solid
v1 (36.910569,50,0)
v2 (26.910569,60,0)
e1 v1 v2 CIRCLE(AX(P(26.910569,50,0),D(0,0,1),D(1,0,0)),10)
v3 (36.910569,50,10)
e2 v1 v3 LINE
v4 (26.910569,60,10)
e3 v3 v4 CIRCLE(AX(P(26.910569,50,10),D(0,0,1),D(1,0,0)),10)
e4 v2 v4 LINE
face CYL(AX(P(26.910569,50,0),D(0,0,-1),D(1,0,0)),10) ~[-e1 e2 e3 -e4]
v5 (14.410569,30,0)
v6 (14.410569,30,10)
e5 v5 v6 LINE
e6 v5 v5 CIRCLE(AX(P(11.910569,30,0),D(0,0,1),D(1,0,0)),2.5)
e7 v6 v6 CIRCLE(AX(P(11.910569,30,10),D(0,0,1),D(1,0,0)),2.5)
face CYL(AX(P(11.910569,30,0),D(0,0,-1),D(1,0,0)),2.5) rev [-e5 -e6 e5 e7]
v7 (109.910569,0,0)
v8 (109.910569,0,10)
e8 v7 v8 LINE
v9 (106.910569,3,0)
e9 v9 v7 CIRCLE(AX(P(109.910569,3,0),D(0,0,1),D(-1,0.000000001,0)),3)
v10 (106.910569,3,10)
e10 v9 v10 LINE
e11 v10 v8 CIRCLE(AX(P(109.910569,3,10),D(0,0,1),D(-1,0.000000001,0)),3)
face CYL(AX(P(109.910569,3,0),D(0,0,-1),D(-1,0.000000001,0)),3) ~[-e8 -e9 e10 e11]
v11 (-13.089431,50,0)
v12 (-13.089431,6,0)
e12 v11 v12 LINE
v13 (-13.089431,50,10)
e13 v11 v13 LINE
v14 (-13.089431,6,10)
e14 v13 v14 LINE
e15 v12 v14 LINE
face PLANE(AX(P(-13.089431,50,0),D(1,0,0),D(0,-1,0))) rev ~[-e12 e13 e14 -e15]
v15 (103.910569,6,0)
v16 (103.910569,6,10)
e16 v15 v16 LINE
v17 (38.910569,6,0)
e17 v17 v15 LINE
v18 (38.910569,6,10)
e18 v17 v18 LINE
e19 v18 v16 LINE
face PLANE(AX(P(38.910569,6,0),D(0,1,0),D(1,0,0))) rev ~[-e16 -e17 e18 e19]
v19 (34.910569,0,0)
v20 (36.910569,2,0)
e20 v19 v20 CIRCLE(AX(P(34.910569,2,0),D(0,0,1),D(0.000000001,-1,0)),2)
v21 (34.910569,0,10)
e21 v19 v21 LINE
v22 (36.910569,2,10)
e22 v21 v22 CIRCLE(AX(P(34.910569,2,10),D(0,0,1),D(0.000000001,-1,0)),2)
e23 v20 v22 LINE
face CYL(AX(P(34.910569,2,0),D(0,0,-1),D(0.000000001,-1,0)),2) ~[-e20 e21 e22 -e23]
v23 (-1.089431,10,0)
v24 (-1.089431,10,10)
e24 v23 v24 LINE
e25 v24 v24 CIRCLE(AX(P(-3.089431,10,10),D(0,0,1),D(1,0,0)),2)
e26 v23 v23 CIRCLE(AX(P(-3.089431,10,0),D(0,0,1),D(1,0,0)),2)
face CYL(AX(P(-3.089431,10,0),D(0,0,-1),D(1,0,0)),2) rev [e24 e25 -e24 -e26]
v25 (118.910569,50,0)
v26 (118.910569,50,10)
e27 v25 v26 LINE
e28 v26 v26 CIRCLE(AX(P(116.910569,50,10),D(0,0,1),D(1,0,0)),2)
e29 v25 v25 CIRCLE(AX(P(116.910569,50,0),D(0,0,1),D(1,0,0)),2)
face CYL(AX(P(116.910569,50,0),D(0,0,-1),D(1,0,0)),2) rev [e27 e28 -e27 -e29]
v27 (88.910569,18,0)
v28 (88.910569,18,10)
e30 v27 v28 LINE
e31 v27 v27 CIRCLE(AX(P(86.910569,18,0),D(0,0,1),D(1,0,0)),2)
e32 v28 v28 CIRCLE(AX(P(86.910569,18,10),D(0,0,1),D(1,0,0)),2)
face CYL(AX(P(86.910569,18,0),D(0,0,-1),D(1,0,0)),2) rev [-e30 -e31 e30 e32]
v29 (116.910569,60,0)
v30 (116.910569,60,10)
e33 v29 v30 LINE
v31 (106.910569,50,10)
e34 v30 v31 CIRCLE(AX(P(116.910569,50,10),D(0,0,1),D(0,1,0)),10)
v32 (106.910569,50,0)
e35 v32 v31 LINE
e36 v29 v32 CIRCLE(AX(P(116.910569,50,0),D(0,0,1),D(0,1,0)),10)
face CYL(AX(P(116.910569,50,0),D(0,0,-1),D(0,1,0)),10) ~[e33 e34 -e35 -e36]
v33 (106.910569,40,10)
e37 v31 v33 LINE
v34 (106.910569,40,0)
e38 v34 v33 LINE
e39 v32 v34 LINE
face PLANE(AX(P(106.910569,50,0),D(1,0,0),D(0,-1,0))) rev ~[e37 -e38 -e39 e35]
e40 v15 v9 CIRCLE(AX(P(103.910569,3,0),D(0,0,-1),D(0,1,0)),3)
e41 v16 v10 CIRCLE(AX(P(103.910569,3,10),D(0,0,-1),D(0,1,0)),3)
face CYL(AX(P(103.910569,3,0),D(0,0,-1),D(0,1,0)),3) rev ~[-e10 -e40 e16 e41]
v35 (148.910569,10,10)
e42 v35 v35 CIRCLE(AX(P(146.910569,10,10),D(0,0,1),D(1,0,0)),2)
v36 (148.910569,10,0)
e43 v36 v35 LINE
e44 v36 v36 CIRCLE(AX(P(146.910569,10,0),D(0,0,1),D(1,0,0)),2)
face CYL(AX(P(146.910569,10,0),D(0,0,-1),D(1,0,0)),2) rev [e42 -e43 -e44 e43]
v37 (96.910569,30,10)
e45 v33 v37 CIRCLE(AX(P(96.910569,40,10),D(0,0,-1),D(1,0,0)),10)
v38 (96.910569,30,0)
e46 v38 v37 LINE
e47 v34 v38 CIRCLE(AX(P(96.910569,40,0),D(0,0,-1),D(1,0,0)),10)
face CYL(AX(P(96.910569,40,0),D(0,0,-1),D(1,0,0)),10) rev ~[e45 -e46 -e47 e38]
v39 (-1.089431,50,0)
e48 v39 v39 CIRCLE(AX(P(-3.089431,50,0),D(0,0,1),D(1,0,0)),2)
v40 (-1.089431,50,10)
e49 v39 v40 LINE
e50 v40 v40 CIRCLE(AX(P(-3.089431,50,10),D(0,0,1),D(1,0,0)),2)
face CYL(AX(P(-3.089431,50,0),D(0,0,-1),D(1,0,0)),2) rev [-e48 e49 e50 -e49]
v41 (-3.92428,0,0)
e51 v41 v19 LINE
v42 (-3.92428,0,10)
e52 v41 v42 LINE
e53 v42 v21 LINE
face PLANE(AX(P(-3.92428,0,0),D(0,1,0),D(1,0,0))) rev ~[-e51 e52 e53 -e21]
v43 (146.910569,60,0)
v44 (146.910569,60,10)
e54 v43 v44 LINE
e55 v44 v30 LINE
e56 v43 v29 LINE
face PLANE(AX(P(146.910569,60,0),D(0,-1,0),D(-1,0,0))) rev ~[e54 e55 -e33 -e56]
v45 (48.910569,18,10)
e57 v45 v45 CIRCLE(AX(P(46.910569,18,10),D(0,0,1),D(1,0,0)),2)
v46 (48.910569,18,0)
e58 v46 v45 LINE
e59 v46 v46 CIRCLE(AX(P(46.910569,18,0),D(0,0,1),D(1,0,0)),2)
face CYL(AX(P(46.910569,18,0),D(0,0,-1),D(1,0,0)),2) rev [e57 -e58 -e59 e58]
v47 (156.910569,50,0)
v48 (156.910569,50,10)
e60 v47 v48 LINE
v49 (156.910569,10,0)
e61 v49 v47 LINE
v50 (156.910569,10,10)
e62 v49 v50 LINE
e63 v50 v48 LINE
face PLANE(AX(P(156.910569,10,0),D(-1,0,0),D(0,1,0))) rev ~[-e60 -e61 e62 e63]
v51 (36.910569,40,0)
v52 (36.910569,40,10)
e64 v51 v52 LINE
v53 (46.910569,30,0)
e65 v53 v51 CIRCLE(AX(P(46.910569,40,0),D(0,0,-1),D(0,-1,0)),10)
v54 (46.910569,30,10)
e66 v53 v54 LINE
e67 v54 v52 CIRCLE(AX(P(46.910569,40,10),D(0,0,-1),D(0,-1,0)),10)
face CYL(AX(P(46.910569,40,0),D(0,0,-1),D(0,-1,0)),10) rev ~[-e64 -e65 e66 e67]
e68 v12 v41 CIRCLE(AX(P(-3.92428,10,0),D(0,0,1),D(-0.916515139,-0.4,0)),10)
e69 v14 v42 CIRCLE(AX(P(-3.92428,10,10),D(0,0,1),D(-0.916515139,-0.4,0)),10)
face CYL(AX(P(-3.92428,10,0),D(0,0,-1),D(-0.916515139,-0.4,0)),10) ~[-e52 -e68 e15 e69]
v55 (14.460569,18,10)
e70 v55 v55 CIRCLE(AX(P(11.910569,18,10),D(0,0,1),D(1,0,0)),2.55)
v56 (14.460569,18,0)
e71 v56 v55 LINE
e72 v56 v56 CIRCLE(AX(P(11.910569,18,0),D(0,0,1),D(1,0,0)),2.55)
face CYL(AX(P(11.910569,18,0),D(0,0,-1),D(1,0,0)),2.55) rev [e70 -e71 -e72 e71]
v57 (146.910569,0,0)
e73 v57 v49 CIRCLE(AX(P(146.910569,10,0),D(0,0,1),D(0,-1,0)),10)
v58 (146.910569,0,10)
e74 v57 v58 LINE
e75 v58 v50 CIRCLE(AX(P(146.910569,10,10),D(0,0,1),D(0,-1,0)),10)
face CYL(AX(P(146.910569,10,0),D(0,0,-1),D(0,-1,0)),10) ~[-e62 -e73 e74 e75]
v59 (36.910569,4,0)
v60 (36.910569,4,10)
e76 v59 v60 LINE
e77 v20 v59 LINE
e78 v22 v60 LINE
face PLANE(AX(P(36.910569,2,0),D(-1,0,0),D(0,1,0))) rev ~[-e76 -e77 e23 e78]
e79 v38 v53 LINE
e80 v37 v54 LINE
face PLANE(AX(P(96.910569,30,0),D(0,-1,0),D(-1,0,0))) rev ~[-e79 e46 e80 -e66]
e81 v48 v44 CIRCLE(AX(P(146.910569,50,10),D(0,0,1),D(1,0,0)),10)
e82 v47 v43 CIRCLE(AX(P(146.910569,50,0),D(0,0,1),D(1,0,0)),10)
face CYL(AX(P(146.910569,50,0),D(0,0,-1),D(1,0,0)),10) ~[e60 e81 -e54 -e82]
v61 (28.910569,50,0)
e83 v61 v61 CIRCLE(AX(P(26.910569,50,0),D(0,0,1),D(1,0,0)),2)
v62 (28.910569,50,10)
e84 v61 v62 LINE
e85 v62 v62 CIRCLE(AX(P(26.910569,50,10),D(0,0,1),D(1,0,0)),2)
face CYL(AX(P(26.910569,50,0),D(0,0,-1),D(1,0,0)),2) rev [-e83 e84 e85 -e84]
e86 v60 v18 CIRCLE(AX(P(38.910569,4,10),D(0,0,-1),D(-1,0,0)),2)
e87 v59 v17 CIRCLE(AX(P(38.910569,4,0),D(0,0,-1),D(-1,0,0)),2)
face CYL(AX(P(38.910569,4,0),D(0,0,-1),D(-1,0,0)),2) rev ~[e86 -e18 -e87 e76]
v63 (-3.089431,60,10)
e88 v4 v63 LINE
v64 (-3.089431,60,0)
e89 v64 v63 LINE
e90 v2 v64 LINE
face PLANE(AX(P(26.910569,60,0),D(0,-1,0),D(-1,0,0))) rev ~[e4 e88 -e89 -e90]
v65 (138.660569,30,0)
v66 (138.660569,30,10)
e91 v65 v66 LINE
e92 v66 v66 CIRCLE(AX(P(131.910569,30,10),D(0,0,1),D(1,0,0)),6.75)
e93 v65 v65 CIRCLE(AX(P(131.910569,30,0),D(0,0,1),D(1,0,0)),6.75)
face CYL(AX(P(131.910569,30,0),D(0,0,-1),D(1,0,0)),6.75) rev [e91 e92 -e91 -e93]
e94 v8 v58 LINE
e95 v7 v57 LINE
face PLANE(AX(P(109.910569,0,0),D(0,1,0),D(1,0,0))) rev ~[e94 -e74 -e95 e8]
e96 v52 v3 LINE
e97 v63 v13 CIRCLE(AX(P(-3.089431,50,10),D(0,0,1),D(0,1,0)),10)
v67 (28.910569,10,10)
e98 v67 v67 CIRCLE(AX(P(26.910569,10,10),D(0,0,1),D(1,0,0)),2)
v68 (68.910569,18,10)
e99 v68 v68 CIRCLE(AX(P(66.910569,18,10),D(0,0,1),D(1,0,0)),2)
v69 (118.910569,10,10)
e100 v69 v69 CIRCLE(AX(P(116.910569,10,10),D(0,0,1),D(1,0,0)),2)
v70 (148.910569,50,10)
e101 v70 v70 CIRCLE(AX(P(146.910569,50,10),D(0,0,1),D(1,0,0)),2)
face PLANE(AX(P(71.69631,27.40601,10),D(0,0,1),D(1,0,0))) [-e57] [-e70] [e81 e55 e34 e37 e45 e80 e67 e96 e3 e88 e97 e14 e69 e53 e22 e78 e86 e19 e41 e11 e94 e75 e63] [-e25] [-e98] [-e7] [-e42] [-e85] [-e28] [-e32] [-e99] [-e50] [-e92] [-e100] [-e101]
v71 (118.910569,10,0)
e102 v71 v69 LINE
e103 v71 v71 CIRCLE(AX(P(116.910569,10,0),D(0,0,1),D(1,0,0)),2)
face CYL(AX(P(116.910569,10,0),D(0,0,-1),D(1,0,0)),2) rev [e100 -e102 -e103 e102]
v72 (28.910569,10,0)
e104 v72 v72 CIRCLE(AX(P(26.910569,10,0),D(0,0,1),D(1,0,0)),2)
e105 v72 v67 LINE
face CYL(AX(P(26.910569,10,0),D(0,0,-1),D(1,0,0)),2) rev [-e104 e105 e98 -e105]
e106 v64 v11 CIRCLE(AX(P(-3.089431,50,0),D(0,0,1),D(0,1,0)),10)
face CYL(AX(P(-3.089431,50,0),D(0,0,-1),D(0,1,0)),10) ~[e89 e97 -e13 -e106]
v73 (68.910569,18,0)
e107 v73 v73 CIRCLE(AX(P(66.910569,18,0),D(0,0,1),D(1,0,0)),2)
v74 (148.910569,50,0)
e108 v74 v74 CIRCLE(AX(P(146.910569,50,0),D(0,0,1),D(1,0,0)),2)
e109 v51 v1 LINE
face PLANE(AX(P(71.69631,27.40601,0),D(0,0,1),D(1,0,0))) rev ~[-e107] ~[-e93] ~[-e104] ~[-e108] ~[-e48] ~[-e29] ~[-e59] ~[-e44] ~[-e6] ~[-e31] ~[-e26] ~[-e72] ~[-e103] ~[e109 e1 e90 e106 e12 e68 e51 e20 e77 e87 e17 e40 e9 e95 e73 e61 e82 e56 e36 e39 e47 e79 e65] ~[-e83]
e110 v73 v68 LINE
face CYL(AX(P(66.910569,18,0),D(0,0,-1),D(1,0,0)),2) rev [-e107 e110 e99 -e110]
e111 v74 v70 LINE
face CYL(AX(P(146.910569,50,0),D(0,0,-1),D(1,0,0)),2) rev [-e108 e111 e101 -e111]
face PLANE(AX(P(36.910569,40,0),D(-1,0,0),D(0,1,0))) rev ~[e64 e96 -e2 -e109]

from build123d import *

# Parameters (mm, degrees)
MODEL_R             = 2
MODEL_R_2           = 2.5
MODEL_R_3           = 6.75
MODEL_R_4           = 2.55
BOSS_EXTRUDE1_DEPTH = 10


with BuildPart() as part:
    # Model → Boss-Extrude1 (new body)
    with BuildSketch(Plane.XY):
        with BuildLine():
            Line((-13.089430894, 50), (-13.089430894, 6))
            ThreePointArc((-13.089430894, 6), (-9.401505079, 1.633399735), (-3.924279504, 0))
            Line((-3.924279504, 0), (34.910569106, 0))
            ThreePointArc((34.910569106, 0), (36.324782668, 0.585786438), (36.910569106, 2))
            Line((36.910569106, 2), (36.910569106, 4))
            ThreePointArc((36.910569106, 4), (37.496355543, 5.414213562), (38.910569106, 6))
            Line((38.910569106, 6), (103.910569106, 6))
            ThreePointArc((103.910569106, 6), (106.031889449, 5.121320344), (106.910569106, 3))
            ThreePointArc((106.910569106, 3), (107.789248762, 0.878679656), (109.910569106, 0))
            Line((109.910569106, 0), (146.910569106, 0))
            ThreePointArc((146.910569106, 0), (153.981636918, 2.928932188), (156.910569106, 10))
            Line((156.910569106, 10), (156.910569106, 50))
            ThreePointArc((156.910569106, 50), (153.981636918, 57.071067812), (146.910569106, 60))
            Line((146.910569106, 60), (116.910569106, 60))
            ThreePointArc((116.910569106, 60), (109.839501294, 57.071067812), (106.910569106, 50))
            Line((106.910569106, 50), (106.910569106, 40))
            ThreePointArc((106.910569106, 40), (103.981636918, 32.928932188), (96.910569106, 30))
            Line((96.910569106, 30), (46.910569106, 30))
            ThreePointArc((46.910569106, 30), (39.839501294, 32.928932188), (36.910569106, 40))
            Line((36.910569106, 40), (36.910569106, 50))
            ThreePointArc((36.910569106, 50), (33.981636918, 57.071067812), (26.910569106, 60))
            Line((26.910569106, 60), (-3.089430894, 60))
            ThreePointArc((-3.089430894, 60), (-10.160498706, 57.071067812), (-13.089430894, 50))
        make_face()
        with Locations((26.910569106, 50)):
            Circle(MODEL_R, mode=Mode.SUBTRACT)
        with Locations((26.910569106, 10)):
            Circle(MODEL_R, mode=Mode.SUBTRACT)
        with Locations((11.910569106, 30)):
            Circle(MODEL_R_2, mode=Mode.SUBTRACT)
        with Locations((131.910569106, 30)):
            Circle(MODEL_R_3, mode=Mode.SUBTRACT)
        with Locations((146.910569106, 50)):
            Circle(MODEL_R, mode=Mode.SUBTRACT)
        with Locations((86.910569106, 18)):
            Circle(MODEL_R, mode=Mode.SUBTRACT)
        with Locations((146.910569106, 10)):
            Circle(MODEL_R, mode=Mode.SUBTRACT)
        with Locations((116.910569106, 10)):
            Circle(MODEL_R, mode=Mode.SUBTRACT)
        with Locations((46.910569106, 18)):
            Circle(MODEL_R, mode=Mode.SUBTRACT)
        with Locations((66.910569106, 18)):
            Circle(MODEL_R, mode=Mode.SUBTRACT)
        with Locations((116.910569106, 50)):
            Circle(MODEL_R, mode=Mode.SUBTRACT)
        with Locations((11.910569106, 18)):
            Circle(MODEL_R_4, mode=Mode.SUBTRACT)
        with Locations((-3.089430894, 10)):
            Circle(MODEL_R, mode=Mode.SUBTRACT)
        with Locations((-3.089430894, 50)):
            Circle(MODEL_R, mode=Mode.SUBTRACT)
    extrude(amount=BOSS_EXTRUDE1_DEPTH)


solid = part.part
